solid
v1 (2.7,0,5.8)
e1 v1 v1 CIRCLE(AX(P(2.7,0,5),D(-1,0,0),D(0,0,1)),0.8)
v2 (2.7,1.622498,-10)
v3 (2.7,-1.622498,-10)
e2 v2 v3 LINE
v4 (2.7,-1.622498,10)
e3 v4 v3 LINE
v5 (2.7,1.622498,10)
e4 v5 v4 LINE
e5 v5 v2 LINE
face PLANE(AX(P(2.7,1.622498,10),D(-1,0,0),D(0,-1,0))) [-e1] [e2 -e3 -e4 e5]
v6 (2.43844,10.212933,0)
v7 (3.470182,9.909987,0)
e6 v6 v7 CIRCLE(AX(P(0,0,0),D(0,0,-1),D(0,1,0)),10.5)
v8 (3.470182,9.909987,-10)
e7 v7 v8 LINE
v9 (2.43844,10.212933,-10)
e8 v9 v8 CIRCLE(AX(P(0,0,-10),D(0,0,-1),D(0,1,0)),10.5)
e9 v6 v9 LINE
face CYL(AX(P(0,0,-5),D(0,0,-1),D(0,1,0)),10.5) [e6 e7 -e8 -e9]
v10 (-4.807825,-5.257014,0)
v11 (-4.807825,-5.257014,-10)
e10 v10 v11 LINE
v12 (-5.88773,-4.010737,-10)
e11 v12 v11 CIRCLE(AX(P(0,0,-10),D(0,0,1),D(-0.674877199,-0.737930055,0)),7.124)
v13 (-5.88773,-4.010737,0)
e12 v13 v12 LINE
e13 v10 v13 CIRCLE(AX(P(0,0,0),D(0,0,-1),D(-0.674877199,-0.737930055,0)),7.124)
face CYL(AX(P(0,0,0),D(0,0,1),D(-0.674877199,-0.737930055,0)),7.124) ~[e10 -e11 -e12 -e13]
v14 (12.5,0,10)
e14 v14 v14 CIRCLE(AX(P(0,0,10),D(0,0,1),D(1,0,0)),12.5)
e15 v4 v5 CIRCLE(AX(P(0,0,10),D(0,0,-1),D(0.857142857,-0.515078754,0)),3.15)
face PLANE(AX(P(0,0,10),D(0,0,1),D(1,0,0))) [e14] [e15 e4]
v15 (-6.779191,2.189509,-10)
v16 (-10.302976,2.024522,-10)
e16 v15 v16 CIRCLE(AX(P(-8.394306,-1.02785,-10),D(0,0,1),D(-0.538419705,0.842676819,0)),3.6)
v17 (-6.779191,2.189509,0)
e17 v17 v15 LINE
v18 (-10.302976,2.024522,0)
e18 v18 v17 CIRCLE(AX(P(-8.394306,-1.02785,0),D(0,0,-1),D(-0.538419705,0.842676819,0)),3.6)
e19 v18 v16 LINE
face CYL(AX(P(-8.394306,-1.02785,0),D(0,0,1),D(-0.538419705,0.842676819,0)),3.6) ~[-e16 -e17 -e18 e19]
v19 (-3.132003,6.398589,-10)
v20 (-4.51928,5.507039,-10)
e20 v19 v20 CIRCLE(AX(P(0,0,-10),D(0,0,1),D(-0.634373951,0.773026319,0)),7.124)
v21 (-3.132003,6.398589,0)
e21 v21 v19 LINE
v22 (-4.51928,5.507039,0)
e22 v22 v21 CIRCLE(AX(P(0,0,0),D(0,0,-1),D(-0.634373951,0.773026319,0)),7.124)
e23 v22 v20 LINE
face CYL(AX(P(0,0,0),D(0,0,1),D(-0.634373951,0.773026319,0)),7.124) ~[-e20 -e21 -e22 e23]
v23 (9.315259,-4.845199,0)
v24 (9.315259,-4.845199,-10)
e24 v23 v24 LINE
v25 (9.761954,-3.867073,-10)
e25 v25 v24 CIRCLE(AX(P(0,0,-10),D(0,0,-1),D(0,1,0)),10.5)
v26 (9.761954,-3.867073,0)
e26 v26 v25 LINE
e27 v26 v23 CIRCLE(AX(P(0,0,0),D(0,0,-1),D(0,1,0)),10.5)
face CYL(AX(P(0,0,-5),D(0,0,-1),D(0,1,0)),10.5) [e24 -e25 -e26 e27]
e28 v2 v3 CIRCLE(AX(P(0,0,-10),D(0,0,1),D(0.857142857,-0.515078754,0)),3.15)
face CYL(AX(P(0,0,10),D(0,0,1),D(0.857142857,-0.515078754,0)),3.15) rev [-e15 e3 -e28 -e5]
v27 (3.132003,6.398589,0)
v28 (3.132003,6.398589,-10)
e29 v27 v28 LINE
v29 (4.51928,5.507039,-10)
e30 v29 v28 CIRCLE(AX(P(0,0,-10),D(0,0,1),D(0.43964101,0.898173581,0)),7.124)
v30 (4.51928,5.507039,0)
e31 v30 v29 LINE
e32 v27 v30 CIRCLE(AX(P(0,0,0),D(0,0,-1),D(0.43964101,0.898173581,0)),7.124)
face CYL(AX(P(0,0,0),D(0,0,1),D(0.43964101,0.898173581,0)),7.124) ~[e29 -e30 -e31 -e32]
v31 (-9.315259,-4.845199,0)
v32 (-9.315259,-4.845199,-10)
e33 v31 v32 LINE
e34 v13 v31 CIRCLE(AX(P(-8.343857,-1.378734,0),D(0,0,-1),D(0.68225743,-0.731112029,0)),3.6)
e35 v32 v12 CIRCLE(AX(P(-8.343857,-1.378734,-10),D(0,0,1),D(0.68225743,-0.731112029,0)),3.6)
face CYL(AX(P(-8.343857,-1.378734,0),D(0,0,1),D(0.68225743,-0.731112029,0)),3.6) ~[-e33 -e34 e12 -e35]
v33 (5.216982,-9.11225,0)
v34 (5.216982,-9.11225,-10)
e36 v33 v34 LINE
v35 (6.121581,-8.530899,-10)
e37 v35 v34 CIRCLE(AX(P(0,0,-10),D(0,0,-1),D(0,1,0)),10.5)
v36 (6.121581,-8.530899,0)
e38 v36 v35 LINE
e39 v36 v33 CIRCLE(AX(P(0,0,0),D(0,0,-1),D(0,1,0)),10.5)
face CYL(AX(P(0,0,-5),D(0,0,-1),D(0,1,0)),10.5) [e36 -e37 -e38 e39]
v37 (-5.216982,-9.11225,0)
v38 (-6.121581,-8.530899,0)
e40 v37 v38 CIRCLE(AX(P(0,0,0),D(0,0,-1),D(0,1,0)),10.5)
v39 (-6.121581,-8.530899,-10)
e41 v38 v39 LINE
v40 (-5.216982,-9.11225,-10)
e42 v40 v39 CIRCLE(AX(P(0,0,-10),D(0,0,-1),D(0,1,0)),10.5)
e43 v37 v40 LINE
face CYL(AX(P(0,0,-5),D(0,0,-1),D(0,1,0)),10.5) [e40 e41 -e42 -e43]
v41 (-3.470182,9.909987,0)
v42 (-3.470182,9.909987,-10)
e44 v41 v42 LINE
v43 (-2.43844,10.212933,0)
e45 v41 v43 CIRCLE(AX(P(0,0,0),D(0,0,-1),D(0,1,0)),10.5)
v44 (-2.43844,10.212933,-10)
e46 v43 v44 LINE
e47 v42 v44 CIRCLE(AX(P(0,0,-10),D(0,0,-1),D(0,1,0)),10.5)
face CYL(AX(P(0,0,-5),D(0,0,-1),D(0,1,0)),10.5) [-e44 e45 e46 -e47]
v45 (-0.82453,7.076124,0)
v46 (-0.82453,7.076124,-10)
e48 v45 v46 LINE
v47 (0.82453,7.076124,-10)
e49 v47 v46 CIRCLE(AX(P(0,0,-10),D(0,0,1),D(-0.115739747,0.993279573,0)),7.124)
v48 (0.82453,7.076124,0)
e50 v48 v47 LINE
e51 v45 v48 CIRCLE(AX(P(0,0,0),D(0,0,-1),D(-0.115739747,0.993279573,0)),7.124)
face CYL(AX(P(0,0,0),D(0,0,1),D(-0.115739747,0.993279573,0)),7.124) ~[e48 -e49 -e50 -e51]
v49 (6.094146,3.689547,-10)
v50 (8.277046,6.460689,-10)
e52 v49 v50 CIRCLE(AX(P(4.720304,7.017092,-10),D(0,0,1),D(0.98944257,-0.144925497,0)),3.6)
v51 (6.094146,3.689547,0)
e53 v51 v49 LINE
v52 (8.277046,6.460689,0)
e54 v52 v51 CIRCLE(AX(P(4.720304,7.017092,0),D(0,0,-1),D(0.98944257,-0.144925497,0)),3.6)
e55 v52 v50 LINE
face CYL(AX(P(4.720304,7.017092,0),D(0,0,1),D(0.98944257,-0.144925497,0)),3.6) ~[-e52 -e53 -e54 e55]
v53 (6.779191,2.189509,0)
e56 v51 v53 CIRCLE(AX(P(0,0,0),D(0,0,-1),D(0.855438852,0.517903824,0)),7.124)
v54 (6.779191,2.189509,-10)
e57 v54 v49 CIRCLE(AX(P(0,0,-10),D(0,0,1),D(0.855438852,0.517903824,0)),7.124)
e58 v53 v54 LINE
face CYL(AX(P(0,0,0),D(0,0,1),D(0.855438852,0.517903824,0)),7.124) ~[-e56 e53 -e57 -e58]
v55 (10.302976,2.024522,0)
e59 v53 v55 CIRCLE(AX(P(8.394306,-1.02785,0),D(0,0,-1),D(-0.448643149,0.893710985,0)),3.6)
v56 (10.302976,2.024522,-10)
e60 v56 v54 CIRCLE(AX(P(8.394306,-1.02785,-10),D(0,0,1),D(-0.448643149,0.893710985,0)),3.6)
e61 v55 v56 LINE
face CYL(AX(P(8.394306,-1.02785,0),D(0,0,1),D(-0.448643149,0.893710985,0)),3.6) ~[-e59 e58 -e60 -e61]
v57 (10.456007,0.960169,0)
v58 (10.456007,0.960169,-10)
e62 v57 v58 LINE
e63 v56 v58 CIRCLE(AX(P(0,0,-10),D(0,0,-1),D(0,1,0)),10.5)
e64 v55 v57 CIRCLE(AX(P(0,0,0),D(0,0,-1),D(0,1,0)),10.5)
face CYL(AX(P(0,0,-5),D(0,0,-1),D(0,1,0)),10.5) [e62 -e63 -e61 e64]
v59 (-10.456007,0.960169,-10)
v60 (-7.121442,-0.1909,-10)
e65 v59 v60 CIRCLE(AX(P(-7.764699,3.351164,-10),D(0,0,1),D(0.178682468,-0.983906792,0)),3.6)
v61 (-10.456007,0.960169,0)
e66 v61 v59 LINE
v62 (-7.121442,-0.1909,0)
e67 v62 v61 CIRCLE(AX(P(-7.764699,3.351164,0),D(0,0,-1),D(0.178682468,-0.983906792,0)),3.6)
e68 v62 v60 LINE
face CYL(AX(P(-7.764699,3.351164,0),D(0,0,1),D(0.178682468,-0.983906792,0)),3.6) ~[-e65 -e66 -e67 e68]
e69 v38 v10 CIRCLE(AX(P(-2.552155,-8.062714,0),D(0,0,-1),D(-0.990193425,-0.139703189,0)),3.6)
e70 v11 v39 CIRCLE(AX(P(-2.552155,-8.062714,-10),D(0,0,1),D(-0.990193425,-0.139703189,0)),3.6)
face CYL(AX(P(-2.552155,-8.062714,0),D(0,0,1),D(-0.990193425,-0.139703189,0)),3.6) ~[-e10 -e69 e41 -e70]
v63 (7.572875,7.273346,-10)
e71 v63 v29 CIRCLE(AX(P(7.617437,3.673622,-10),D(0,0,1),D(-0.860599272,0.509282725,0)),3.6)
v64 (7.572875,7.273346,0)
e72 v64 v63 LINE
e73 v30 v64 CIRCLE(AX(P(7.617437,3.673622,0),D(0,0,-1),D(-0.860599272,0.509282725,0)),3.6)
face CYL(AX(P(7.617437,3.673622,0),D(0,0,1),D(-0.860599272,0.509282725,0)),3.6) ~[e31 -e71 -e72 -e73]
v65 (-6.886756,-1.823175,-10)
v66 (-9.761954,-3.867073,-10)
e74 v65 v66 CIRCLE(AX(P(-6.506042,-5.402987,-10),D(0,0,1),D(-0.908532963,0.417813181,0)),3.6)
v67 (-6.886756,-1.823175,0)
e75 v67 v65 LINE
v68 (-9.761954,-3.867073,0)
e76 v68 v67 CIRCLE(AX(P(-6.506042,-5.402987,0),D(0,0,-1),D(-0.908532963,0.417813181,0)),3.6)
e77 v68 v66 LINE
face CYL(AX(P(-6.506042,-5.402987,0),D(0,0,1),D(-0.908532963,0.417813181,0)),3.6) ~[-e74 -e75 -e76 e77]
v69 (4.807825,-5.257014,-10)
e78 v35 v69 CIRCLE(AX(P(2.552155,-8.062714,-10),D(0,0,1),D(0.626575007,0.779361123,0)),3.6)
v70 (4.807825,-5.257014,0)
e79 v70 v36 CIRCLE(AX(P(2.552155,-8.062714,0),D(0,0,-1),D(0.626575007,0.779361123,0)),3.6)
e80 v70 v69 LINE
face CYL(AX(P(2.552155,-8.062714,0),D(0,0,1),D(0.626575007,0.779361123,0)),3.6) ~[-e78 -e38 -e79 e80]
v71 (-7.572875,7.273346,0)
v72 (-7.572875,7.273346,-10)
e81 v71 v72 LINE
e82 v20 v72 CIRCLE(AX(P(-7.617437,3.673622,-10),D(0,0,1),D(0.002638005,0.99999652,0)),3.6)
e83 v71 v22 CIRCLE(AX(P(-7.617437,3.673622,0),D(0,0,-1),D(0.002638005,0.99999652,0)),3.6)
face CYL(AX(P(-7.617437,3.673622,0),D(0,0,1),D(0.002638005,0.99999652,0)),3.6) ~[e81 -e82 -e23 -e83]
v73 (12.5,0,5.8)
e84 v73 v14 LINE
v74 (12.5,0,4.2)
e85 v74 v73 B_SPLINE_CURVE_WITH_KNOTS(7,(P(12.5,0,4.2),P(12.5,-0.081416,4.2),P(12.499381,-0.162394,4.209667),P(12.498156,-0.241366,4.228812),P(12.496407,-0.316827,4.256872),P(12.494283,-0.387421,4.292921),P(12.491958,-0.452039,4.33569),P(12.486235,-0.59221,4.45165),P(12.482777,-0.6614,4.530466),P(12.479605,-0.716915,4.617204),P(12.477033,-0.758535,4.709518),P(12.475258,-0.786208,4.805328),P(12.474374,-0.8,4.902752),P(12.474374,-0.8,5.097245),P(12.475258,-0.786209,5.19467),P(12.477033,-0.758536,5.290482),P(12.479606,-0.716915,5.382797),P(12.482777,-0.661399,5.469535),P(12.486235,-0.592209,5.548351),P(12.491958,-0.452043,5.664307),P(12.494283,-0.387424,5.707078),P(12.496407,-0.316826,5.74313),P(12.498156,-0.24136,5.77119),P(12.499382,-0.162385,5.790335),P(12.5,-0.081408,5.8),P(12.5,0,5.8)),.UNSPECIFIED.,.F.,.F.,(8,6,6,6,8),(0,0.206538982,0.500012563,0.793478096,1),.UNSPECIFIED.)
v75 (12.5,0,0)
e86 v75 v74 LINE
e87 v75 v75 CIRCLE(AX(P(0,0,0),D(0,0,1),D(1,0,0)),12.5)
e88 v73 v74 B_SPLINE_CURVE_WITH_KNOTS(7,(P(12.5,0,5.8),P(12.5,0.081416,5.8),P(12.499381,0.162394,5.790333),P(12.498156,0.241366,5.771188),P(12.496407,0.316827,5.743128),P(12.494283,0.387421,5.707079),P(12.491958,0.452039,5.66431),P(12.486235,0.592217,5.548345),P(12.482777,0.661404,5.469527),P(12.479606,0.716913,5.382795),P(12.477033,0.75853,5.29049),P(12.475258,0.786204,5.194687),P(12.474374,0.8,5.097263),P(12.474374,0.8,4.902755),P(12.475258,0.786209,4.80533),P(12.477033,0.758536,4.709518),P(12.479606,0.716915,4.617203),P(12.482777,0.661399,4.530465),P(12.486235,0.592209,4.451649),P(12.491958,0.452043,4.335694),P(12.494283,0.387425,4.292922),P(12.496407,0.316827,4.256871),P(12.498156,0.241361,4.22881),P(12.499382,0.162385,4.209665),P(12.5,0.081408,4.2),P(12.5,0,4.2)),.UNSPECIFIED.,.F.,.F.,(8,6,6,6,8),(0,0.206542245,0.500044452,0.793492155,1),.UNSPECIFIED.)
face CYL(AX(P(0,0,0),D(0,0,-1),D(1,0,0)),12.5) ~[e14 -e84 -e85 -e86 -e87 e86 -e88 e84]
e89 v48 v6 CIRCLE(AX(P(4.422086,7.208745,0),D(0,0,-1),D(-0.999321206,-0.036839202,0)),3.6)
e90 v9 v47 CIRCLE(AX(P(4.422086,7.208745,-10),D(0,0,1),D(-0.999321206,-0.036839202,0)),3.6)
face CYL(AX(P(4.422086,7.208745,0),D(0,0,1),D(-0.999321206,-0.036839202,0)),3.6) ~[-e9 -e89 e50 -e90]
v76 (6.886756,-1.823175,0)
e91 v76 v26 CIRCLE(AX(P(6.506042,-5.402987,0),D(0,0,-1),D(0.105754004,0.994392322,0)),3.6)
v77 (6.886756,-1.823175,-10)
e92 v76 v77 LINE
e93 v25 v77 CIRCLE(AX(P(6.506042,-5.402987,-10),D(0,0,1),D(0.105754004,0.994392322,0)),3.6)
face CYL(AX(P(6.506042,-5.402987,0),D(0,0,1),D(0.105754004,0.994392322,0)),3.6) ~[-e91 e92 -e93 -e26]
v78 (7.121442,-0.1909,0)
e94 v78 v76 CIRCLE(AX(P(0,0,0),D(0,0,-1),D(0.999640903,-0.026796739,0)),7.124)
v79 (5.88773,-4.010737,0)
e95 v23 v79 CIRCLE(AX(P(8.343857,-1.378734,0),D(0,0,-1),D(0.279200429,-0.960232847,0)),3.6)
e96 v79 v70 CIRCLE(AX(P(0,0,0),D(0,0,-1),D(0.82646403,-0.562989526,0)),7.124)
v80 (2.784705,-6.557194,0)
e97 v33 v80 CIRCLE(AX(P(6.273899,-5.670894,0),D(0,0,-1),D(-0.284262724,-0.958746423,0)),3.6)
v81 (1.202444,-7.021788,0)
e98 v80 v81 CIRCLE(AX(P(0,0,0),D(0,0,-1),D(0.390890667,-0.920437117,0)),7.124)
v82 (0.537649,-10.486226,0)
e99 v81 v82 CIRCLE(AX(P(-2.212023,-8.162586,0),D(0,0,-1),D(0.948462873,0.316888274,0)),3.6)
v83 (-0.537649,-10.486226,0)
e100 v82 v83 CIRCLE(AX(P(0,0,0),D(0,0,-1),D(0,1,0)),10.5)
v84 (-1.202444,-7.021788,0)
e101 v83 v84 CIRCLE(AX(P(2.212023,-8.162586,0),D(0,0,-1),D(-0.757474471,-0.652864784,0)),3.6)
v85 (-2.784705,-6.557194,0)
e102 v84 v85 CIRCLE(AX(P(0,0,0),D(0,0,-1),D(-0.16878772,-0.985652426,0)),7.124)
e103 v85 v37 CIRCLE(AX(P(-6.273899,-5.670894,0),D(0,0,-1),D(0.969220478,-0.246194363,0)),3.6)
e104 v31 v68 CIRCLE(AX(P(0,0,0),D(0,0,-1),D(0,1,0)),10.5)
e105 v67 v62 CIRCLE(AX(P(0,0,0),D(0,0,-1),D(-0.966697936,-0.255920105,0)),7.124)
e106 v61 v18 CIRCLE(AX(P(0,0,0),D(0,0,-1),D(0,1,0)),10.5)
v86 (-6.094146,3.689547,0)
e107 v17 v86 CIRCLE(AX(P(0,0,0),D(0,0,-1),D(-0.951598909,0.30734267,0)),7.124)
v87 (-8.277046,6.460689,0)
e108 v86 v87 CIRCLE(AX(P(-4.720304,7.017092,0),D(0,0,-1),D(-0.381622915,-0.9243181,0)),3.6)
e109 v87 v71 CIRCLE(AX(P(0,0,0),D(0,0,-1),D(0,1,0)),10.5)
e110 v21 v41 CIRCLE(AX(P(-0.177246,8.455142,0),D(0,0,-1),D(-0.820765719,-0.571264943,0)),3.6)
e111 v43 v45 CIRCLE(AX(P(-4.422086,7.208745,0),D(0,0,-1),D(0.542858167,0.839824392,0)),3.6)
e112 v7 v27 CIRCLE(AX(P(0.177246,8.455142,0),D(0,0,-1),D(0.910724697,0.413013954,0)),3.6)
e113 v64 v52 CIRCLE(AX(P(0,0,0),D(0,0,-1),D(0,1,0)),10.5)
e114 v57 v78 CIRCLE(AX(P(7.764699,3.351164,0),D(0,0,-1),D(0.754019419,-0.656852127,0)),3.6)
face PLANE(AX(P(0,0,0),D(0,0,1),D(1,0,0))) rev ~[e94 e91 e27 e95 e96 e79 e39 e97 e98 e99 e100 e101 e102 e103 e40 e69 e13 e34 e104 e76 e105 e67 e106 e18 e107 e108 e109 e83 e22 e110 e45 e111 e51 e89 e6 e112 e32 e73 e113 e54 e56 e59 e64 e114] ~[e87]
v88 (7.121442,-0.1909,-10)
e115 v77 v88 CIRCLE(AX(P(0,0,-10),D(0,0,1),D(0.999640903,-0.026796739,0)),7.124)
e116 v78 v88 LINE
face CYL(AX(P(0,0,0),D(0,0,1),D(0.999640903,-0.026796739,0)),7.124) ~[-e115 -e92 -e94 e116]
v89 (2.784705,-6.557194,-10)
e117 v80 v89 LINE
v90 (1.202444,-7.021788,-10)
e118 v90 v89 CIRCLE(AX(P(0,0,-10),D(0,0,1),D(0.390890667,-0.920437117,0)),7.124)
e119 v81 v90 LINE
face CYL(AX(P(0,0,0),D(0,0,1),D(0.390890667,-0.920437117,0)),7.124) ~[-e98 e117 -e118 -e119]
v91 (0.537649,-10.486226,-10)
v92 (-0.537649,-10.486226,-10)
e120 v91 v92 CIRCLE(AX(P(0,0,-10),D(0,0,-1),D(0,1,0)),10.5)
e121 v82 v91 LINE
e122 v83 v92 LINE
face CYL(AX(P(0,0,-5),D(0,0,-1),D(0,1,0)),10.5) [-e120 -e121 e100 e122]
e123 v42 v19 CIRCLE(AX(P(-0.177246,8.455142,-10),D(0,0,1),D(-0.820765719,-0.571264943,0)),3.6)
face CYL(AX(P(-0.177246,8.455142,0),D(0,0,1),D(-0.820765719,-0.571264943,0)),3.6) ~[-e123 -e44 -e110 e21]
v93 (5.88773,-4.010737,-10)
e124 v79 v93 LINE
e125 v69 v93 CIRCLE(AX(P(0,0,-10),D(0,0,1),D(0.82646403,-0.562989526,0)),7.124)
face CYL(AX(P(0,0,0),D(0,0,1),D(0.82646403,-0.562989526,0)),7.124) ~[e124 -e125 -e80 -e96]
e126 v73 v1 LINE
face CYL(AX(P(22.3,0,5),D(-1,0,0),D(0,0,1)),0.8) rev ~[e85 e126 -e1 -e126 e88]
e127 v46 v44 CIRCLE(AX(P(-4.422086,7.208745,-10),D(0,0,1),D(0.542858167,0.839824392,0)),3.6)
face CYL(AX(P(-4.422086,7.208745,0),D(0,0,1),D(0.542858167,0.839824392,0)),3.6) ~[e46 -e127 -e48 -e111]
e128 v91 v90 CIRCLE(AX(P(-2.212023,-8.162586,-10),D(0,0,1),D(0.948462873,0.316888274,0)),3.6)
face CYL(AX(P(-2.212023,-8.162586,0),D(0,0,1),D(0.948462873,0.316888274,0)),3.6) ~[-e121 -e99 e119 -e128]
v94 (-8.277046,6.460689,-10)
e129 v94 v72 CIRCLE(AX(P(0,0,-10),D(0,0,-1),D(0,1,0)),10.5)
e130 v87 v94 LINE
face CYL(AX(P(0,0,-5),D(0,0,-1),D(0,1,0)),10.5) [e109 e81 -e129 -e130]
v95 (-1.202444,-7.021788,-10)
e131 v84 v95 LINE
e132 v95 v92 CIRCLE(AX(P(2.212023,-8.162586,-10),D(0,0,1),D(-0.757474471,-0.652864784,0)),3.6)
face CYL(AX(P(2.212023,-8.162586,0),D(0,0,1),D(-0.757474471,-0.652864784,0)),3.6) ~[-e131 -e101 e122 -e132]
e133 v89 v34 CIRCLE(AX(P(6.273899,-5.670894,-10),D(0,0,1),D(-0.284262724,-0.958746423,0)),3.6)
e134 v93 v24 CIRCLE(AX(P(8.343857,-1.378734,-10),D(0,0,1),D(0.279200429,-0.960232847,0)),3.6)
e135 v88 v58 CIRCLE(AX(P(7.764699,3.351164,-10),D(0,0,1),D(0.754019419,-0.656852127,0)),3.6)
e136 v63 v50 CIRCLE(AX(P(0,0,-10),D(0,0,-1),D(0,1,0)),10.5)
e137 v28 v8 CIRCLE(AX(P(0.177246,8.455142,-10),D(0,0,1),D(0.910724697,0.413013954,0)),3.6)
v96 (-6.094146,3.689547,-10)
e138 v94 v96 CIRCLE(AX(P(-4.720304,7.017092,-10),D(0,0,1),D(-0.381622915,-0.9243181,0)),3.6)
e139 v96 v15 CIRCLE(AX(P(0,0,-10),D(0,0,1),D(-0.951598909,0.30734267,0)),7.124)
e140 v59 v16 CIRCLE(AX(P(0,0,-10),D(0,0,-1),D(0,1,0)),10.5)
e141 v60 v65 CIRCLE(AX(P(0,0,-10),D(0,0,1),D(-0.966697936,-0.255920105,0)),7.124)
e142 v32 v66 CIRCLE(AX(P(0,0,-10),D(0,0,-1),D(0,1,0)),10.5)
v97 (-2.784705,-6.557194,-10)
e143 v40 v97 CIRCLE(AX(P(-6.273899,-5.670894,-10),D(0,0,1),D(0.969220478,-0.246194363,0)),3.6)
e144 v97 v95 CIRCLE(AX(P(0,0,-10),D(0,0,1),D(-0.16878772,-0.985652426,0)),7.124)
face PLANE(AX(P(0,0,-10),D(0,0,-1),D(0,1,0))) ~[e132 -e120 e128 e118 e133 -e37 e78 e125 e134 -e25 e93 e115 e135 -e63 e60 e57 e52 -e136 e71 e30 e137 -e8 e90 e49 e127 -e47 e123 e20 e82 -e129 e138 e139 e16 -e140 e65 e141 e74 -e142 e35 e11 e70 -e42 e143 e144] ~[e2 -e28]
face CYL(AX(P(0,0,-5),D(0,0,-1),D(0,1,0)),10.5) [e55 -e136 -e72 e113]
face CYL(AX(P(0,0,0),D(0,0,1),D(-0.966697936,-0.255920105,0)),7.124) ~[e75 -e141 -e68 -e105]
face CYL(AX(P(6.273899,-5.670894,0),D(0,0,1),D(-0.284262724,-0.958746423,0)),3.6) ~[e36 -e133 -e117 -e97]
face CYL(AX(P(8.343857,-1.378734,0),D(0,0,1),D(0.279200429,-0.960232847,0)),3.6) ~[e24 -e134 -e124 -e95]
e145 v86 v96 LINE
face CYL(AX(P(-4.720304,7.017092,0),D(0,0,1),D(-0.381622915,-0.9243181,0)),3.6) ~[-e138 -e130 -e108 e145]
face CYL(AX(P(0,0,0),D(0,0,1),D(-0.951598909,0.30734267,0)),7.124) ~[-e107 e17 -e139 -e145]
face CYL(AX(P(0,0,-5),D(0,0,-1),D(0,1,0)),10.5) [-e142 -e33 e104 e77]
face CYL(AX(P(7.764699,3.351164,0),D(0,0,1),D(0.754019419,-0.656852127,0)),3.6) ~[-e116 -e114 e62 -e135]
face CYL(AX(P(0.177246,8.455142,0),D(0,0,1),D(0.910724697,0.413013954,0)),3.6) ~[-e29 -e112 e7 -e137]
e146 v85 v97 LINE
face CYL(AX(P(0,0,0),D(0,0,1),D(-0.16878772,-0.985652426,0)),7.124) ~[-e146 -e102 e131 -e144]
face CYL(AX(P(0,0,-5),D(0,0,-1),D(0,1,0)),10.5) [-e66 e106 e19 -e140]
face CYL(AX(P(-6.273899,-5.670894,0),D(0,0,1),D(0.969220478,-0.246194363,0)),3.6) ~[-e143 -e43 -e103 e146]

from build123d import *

# Parameters (mm, degrees)
SKETCH1_W             = 10
SKETCH1_H             = 10.5
CUT_EXTRUDE1_DEPTH    = 11
CIRPATTERN1_COUNT     = 11
SKETCH3_R             = 12.5
BOSS_EXTRUDE1_DEPTH   = 10
CUT_EXTRUDE2_DEPTH    = 21
M2_TAPPED_HOLE1_D     = 1.6
M2_TAPPED_HOLE1_DEPTH = 9.8


with BuildPart() as part:
    # Sketch1 → Revolve1 (revolve)
    with BuildSketch(Plane(origin=(0, 0, 0), x_dir=(0, 0, -1), z_dir=(1, 0, 0))):
        with Locations((5, 5.25)):
            Rectangle(SKETCH1_W, SKETCH1_H)
    revolve(axis=Axis((0, 0, 0), (0, 0, -1)))

    # Sketch2 → Cut-Extrude1 (cut, through all)
    with BuildSketch(Plane.XY):
        with BuildLine():
            ThreePointArc((-0.824529961, 7.076123681), (0, 7.124), (0.824529961, 7.076123681))
            ThreePointArc((0.824529961, 7.076123681), (1.228997776, 8.871328839), (2.467796901, 10.232112622))
            ThreePointArc((2.467796901, 10.232112622), (0, 10.5255), (-2.467796901, 10.232112622))
            ThreePointArc((-2.467796901, 10.232112622), (-1.228997776, 8.871328839), (-0.824529961, 7.076123681))
        make_face()
    cut_extrude1 = extrude(amount=-CUT_EXTRUDE1_DEPTH, mode=Mode.SUBTRACT)

    # CirPattern1: Cut-Extrude1 ×11 about axis
    cirpattern1_axis = Axis((0, 0, 0), (0, 0, 1))
    for i in range(1, CIRPATTERN1_COUNT):
        add(cut_extrude1.rotate(cirpattern1_axis, i * 360 / CIRPATTERN1_COUNT), mode=Mode.SUBTRACT)

    # Sketch3 → Boss-Extrude1 (add)
    with BuildSketch(Plane.XY):
        Circle(SKETCH3_R)
    extrude(amount=BOSS_EXTRUDE1_DEPTH)

    # Sketch4 → Cut-Extrude2 (cut, through all)
    with BuildSketch(Plane.XY.offset(10)):
        with BuildLine():
            Line((2.7, 1.622498074), (2.7, -1.622498074))
            ThreePointArc((2.7, -1.622498074), (-3.15, 0), (2.7, 1.622498074))
        make_face()
    extrude(amount=-CUT_EXTRUDE2_DEPTH, mode=Mode.SUBTRACT)

    # M2 Tapped Hole1
    with Locations(Plane(origin=(12.5, 0, 0), x_dir=(0, 0, -1), z_dir=(1, 0, 0))):
        with Locations((-5, 0)):
            Hole(M2_TAPPED_HOLE1_D / 2, depth=M2_TAPPED_HOLE1_DEPTH)


solid = part.part
